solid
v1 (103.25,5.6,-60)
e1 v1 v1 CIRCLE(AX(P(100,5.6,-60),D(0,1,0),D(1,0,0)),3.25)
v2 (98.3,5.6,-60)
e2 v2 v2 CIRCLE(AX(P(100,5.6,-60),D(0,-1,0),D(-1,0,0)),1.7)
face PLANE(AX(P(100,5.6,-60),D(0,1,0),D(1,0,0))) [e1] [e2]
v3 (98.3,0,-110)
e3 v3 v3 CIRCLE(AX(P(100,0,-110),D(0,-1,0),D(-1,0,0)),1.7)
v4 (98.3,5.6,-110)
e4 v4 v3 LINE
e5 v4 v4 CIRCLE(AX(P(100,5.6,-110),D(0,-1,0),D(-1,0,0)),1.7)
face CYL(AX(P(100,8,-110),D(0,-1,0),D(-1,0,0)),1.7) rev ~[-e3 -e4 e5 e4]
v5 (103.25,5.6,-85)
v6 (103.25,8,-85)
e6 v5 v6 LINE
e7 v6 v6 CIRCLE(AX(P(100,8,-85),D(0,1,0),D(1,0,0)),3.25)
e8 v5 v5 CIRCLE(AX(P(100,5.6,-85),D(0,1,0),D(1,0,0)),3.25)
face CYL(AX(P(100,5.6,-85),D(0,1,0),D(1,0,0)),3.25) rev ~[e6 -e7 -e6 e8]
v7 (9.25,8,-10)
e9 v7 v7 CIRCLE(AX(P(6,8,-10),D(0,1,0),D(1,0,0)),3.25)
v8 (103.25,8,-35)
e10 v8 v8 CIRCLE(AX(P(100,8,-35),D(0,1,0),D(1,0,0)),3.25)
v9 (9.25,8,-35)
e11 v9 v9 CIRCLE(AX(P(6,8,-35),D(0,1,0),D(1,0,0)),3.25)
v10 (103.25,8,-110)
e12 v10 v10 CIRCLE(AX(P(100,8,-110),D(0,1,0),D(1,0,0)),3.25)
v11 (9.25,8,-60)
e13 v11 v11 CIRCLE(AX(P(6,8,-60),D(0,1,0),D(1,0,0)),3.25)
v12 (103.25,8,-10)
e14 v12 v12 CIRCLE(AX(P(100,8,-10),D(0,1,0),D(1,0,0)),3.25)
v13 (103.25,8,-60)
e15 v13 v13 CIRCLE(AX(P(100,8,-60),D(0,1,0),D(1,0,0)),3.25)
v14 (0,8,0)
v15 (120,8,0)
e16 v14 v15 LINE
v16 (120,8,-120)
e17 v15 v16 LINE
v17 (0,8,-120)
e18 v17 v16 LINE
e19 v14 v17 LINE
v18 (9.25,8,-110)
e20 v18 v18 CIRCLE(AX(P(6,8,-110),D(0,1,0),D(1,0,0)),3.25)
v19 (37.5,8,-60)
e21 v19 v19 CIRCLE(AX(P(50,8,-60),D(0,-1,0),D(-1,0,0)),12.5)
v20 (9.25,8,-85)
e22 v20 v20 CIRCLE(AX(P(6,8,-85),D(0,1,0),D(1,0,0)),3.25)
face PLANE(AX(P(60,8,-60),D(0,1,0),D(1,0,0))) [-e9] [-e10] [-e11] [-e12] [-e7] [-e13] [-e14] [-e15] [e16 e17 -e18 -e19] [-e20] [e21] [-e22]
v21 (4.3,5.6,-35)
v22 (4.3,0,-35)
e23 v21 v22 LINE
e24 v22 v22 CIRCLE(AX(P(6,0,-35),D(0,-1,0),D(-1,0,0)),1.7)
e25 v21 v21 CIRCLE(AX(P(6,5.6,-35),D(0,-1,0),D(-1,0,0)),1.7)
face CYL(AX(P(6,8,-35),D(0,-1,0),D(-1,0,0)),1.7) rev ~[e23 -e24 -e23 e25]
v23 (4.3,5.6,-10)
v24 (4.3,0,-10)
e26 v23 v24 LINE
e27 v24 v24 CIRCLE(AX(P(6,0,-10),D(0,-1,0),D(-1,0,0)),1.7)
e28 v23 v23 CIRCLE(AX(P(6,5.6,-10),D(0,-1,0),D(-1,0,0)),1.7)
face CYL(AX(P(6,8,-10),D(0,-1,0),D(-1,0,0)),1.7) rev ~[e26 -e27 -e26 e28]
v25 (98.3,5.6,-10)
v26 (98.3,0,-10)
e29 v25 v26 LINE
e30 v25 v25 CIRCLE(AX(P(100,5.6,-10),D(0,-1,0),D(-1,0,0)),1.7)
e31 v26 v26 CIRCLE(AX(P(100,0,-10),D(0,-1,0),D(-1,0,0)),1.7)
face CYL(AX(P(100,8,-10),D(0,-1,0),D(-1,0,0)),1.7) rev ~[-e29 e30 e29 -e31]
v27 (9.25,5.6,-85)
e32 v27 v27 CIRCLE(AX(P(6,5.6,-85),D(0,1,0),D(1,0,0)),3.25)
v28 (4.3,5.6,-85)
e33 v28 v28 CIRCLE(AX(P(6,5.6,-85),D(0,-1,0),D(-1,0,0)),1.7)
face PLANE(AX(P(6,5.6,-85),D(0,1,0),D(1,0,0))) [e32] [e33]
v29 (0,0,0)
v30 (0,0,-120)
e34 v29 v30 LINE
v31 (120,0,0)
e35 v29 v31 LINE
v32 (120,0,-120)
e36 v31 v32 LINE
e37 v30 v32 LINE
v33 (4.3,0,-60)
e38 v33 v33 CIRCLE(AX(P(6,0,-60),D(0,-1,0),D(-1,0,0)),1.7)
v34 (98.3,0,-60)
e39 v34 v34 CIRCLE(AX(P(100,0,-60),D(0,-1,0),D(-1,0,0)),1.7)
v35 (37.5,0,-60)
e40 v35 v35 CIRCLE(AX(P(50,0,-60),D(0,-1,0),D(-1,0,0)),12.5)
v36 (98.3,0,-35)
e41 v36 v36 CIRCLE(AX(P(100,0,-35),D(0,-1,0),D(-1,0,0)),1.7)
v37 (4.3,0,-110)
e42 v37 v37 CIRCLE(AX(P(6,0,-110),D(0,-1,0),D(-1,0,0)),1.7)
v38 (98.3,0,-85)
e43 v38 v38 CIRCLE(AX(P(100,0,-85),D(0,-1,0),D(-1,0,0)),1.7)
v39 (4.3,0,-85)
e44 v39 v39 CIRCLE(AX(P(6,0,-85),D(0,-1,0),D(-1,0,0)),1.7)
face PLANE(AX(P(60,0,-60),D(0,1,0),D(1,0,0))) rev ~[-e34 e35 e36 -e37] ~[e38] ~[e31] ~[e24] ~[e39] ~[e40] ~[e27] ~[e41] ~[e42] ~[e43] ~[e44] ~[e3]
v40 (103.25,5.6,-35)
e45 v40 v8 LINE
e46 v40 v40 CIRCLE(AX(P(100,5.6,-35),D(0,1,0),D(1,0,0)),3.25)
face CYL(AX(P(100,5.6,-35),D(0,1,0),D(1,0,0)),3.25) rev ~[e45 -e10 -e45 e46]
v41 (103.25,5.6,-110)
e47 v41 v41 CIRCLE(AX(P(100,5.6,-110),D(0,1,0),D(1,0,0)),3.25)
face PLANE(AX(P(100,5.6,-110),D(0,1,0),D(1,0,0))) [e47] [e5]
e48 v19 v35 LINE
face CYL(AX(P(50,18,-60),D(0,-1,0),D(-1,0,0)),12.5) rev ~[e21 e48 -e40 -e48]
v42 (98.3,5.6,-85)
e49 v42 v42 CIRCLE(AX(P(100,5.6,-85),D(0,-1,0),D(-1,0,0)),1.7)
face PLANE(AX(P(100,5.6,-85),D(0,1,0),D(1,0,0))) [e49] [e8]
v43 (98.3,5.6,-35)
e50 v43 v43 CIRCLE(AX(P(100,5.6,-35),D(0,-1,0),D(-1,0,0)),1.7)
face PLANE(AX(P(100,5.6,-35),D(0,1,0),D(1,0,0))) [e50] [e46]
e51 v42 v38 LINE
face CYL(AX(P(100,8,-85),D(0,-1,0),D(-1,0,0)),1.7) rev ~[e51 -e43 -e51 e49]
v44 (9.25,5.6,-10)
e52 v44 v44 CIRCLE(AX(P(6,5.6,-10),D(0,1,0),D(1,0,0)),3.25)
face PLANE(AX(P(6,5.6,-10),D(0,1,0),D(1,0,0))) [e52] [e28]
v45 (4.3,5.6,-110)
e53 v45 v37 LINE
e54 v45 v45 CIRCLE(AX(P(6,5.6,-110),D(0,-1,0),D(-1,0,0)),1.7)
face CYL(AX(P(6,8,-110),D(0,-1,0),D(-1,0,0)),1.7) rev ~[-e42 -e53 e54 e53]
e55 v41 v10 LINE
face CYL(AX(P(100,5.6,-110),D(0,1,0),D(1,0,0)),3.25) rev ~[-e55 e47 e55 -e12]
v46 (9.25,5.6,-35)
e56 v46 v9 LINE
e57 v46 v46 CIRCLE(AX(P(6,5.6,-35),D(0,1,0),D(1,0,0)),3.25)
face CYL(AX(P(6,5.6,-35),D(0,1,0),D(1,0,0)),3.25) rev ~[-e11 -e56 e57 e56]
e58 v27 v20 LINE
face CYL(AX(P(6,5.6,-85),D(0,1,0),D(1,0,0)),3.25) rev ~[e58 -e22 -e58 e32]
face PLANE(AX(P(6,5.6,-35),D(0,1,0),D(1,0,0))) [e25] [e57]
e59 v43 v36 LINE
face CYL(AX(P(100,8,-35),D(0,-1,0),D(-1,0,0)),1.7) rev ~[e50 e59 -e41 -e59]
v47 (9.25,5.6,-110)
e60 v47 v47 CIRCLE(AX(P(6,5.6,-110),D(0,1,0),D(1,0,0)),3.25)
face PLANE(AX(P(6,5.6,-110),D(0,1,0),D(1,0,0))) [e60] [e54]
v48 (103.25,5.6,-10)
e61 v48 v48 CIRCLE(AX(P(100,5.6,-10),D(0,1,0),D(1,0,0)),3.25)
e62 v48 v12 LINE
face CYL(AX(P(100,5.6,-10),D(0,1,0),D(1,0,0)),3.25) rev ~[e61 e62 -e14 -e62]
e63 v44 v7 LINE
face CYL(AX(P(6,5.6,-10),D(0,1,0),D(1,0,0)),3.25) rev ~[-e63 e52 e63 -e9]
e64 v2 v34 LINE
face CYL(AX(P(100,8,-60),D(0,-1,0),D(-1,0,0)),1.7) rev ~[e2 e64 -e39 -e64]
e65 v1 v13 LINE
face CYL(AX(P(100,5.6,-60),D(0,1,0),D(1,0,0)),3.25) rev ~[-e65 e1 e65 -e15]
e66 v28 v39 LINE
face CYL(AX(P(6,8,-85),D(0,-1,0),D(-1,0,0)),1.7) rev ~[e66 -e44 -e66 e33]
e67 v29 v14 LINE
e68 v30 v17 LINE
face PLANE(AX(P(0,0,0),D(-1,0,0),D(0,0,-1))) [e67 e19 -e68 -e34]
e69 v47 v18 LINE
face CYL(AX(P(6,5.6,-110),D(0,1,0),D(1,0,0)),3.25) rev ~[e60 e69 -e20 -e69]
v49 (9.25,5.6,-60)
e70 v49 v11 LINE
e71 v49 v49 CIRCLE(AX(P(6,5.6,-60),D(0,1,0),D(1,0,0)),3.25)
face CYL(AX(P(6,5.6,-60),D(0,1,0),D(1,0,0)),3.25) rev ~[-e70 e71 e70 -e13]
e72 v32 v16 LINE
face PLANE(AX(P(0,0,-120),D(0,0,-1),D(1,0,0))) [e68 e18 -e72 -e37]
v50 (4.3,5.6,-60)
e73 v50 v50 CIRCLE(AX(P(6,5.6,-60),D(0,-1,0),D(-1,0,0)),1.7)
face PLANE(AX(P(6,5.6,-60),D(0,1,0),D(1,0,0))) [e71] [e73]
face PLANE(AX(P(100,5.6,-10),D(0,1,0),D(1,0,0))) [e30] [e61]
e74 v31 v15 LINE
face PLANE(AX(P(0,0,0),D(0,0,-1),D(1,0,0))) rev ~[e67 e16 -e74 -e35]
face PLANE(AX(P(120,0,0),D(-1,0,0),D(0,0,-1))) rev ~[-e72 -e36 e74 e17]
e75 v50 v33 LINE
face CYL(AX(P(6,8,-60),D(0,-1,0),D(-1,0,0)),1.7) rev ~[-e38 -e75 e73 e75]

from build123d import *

# Parameters (mm, degrees)
SKETCH1_W                                            = 120
SKETCH1_H                                            = 120
BOSS_EXTRUDE1_DEPTH                                  = 8
CBORE_FOR_M3_HEX_SOCKET_THIN_HEAD_CAP_SC_D           = 3.4
CBORE_FOR_M3_HEX_SOCKET_THIN_HEAD_CAP_SC_CBORE_D     = 6.5
CBORE_FOR_M3_HEX_SOCKET_THIN_HEAD_CAP_SC_CBORE_DEPTH = 2.4
F_25_0MM_DOWEL_HOLE1_D                               = 25
F_25_0MM_DOWEL_HOLE1_DEPTH                           = 10
F_25_0MM_DOWEL_HOLE1_TIP                             = 7.510757738


with BuildPart() as part:
    # Sketch1 → Boss-Extrude1 (new body)
    with BuildSketch(Plane(origin=(0, 0, 0), x_dir=(1, 0, 0), z_dir=(0, 1, 0))):
        with Locations((60, 60)):
            Rectangle(SKETCH1_W, SKETCH1_H)
    extrude(amount=BOSS_EXTRUDE1_DEPTH)

    # CBORE for M3 Hex Socket Thin Head Cap Screw1 (through all)
    with Locations(Plane(origin=(0, 8, 0), x_dir=(1, 0, 0), z_dir=(0, 1, 0))):
        with Locations((100, 110), (6, 110), (6, 85), (6, 60), (6, 35), (6, 10), (100, 60), (100, 35), (100, 10), (100, 85)):
            CounterBoreHole(CBORE_FOR_M3_HEX_SOCKET_THIN_HEAD_CAP_SC_D / 2, CBORE_FOR_M3_HEX_SOCKET_THIN_HEAD_CAP_SC_CBORE_D / 2, CBORE_FOR_M3_HEX_SOCKET_THIN_HEAD_CAP_SC_CBORE_DEPTH)

    # Ø25.0mm Dowel Hole1
    with Locations(Plane(origin=(0, 8, 0), x_dir=(1, 0, 0), z_dir=(0, 1, 0))):
        with Locations((50, 60)):
            Hole(F_25_0MM_DOWEL_HOLE1_D / 2, depth=F_25_0MM_DOWEL_HOLE1_DEPTH)
            with Locations((0, 0, -(F_25_0MM_DOWEL_HOLE1_DEPTH + F_25_0MM_DOWEL_HOLE1_TIP / 2))):  # 118° drill point
                Cone(0, F_25_0MM_DOWEL_HOLE1_D / 2, F_25_0MM_DOWEL_HOLE1_TIP, mode=Mode.SUBTRACT)


solid = part.part
